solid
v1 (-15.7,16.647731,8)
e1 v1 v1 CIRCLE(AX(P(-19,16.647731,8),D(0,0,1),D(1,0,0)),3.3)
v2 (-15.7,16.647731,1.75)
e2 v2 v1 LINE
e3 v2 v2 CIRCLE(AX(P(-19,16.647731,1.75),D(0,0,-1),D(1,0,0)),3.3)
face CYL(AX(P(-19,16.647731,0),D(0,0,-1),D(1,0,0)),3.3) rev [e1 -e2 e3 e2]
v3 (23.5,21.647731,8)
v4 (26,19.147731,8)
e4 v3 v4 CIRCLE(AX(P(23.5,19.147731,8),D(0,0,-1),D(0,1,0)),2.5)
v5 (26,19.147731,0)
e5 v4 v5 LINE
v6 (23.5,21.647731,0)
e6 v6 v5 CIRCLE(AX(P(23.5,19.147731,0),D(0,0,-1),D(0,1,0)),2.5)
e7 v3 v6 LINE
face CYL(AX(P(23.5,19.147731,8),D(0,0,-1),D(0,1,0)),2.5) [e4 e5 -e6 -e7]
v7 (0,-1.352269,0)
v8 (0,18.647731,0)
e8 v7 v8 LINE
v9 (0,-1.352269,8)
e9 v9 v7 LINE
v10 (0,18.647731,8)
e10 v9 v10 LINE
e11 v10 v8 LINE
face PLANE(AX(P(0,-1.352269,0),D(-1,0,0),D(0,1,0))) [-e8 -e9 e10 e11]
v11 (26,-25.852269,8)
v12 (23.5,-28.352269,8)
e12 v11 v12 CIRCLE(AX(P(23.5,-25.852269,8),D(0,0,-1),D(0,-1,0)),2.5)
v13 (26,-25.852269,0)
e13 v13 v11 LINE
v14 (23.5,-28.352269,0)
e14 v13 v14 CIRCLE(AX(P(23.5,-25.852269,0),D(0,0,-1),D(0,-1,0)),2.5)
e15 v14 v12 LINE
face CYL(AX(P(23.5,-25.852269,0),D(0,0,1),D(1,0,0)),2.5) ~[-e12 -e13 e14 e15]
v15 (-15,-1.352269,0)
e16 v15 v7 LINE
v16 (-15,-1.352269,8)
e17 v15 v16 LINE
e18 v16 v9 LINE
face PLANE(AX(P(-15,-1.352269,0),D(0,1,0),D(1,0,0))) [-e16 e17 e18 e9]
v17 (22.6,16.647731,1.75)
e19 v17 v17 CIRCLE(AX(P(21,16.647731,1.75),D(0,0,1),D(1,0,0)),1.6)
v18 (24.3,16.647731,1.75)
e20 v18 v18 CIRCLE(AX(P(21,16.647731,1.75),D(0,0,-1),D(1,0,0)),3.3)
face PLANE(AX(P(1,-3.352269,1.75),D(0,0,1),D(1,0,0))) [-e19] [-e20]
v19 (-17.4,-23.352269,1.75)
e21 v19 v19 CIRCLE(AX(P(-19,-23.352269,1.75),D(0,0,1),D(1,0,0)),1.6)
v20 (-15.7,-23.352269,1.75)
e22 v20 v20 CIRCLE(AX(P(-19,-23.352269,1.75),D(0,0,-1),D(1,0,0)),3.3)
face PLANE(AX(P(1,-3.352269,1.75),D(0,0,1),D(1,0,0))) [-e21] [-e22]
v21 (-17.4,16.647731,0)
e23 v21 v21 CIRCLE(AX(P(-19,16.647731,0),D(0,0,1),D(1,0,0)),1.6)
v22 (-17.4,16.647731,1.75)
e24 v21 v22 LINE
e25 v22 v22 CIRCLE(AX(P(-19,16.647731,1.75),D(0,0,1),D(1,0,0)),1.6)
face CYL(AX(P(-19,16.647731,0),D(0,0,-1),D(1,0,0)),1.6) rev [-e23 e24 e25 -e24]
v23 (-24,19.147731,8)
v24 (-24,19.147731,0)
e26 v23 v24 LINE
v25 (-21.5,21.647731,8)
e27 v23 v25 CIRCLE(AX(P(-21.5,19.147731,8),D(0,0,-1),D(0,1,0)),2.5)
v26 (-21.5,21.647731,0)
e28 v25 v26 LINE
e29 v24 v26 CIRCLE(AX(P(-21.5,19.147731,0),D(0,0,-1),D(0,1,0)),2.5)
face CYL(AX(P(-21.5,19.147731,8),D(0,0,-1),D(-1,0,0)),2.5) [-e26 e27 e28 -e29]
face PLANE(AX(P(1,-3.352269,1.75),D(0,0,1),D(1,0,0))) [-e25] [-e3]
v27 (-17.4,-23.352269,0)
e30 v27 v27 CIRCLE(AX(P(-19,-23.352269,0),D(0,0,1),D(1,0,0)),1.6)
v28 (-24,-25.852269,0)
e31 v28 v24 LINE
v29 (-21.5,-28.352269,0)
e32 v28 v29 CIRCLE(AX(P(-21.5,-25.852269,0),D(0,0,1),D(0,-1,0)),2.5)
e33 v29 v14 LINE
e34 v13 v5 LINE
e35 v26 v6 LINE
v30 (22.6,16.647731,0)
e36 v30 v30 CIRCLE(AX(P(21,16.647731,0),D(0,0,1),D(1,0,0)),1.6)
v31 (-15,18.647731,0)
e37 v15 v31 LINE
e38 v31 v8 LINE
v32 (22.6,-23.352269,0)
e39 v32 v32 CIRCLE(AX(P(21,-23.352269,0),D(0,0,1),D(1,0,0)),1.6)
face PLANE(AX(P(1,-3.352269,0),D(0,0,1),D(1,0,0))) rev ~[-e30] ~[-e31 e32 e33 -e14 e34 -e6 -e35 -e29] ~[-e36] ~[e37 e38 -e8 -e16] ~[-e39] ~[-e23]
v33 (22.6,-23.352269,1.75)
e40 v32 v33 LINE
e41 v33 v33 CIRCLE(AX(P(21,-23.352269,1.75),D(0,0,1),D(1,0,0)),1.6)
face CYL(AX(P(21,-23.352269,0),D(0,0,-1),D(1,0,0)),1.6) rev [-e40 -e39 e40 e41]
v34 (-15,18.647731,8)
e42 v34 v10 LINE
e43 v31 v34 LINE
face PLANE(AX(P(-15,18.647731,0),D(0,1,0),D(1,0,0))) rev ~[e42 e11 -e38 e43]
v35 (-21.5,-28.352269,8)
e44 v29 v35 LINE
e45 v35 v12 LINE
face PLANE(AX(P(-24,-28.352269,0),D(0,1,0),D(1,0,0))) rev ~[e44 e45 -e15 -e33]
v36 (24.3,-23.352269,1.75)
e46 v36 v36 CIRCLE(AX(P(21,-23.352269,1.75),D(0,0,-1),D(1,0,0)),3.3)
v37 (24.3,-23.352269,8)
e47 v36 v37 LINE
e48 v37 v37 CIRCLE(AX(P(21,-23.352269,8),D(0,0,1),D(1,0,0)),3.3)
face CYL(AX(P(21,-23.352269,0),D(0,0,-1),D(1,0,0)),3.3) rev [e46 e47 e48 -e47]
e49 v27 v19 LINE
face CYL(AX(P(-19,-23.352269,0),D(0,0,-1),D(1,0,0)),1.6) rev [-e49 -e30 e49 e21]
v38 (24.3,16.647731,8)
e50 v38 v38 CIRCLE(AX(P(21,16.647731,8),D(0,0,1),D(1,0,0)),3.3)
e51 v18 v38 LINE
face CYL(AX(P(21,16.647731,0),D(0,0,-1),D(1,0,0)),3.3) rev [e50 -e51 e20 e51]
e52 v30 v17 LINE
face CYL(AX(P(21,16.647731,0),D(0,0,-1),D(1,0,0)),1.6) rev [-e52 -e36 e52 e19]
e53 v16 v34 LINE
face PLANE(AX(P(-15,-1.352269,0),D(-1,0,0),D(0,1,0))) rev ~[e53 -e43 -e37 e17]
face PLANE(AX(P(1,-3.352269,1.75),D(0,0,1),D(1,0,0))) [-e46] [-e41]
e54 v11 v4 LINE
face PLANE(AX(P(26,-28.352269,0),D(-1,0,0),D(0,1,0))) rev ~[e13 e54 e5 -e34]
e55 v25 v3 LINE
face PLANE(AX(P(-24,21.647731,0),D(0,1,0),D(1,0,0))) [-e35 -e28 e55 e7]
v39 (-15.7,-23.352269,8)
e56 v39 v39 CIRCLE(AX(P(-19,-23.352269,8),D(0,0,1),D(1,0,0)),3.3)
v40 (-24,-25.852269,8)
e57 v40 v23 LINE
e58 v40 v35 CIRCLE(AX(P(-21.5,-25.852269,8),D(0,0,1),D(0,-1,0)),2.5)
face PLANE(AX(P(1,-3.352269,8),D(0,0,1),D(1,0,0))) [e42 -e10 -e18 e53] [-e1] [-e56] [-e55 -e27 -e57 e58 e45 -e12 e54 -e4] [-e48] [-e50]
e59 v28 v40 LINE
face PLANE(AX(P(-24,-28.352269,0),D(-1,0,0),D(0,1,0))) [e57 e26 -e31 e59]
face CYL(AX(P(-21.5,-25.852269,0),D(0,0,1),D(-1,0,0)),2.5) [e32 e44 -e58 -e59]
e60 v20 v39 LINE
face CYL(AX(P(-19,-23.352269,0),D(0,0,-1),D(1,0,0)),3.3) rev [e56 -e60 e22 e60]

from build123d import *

# Parameters (mm, degrees)
F0_W     = 50
F0_H     = 50
F0_R     = 3.3
F0_W_2   = 15
F0_H_2   = 20
F1_DEPTH = 8
F0_R_2   = 1.6
F2_DEPTH = 1.75
F3_R     = 2.5


with BuildPart() as f1:
    # F0 (on Top) → F1 (new body)
    with BuildSketch(Plane.XY):
        with Locations((1, -3.352269)):
            Rectangle(F0_W, F0_H)
        with Locations((-19, -23.352269)):
            Circle(F0_R, mode=Mode.SUBTRACT)
        with Locations((21, -23.352269)):
            Circle(F0_R, mode=Mode.SUBTRACT)
        with Locations((-7.5, 8.647731)):
            Rectangle(F0_W_2, F0_H_2, mode=Mode.SUBTRACT)
        with Locations((-19, 16.647731)):
            Circle(F0_R, mode=Mode.SUBTRACT)
        with Locations((21, 16.647731)):
            Circle(F0_R, mode=Mode.SUBTRACT)
    extrude(amount=F1_DEPTH)

    # F0 (on Top) → F2 (join)
    with BuildSketch(Plane.XY):
        with Locations((1, -3.352269)):
            Rectangle(F0_W, F0_H)
        with Locations((-19, -23.352269)):
            Circle(F0_R, mode=Mode.SUBTRACT)
        with Locations((21, -23.352269)):
            Circle(F0_R, mode=Mode.SUBTRACT)
        with Locations((-7.5, 8.647731)):
            Rectangle(F0_W_2, F0_H_2, mode=Mode.SUBTRACT)
        with Locations((-19, 16.647731)):
            Circle(F0_R, mode=Mode.SUBTRACT)
        with Locations((21, 16.647731)):
            Circle(F0_R, mode=Mode.SUBTRACT)
        with Locations((21, 16.647731)):
            Circle(F0_R)
        with Locations((21, 16.647731)):
            Circle(F0_R_2, mode=Mode.SUBTRACT)
        with Locations((-19, 16.647731)):
            Circle(F0_R)
        with Locations((-19, 16.647731)):
            Circle(F0_R_2, mode=Mode.SUBTRACT)
        with Locations((-19, -23.352269)):
            Circle(F0_R)
        with Locations((-19, -23.352269)):
            Circle(F0_R_2, mode=Mode.SUBTRACT)
        with Locations((21, -23.352269)):
            Circle(F0_R)
        with Locations((21, -23.352269)):
            Circle(F0_R_2, mode=Mode.SUBTRACT)
    extrude(amount=F2_DEPTH)

    # F3
    f3_edges = [f1.edges().sort_by_distance(p)[0] for p in [
        (-24, 21.647731, 4),
        (26, 21.647731, 4),
        (26, -28.352269, 4),
        (-24, -28.352269, 4),
    ]]
    fillet(f3_edges, radius=F3_R)


solid = f1.part
